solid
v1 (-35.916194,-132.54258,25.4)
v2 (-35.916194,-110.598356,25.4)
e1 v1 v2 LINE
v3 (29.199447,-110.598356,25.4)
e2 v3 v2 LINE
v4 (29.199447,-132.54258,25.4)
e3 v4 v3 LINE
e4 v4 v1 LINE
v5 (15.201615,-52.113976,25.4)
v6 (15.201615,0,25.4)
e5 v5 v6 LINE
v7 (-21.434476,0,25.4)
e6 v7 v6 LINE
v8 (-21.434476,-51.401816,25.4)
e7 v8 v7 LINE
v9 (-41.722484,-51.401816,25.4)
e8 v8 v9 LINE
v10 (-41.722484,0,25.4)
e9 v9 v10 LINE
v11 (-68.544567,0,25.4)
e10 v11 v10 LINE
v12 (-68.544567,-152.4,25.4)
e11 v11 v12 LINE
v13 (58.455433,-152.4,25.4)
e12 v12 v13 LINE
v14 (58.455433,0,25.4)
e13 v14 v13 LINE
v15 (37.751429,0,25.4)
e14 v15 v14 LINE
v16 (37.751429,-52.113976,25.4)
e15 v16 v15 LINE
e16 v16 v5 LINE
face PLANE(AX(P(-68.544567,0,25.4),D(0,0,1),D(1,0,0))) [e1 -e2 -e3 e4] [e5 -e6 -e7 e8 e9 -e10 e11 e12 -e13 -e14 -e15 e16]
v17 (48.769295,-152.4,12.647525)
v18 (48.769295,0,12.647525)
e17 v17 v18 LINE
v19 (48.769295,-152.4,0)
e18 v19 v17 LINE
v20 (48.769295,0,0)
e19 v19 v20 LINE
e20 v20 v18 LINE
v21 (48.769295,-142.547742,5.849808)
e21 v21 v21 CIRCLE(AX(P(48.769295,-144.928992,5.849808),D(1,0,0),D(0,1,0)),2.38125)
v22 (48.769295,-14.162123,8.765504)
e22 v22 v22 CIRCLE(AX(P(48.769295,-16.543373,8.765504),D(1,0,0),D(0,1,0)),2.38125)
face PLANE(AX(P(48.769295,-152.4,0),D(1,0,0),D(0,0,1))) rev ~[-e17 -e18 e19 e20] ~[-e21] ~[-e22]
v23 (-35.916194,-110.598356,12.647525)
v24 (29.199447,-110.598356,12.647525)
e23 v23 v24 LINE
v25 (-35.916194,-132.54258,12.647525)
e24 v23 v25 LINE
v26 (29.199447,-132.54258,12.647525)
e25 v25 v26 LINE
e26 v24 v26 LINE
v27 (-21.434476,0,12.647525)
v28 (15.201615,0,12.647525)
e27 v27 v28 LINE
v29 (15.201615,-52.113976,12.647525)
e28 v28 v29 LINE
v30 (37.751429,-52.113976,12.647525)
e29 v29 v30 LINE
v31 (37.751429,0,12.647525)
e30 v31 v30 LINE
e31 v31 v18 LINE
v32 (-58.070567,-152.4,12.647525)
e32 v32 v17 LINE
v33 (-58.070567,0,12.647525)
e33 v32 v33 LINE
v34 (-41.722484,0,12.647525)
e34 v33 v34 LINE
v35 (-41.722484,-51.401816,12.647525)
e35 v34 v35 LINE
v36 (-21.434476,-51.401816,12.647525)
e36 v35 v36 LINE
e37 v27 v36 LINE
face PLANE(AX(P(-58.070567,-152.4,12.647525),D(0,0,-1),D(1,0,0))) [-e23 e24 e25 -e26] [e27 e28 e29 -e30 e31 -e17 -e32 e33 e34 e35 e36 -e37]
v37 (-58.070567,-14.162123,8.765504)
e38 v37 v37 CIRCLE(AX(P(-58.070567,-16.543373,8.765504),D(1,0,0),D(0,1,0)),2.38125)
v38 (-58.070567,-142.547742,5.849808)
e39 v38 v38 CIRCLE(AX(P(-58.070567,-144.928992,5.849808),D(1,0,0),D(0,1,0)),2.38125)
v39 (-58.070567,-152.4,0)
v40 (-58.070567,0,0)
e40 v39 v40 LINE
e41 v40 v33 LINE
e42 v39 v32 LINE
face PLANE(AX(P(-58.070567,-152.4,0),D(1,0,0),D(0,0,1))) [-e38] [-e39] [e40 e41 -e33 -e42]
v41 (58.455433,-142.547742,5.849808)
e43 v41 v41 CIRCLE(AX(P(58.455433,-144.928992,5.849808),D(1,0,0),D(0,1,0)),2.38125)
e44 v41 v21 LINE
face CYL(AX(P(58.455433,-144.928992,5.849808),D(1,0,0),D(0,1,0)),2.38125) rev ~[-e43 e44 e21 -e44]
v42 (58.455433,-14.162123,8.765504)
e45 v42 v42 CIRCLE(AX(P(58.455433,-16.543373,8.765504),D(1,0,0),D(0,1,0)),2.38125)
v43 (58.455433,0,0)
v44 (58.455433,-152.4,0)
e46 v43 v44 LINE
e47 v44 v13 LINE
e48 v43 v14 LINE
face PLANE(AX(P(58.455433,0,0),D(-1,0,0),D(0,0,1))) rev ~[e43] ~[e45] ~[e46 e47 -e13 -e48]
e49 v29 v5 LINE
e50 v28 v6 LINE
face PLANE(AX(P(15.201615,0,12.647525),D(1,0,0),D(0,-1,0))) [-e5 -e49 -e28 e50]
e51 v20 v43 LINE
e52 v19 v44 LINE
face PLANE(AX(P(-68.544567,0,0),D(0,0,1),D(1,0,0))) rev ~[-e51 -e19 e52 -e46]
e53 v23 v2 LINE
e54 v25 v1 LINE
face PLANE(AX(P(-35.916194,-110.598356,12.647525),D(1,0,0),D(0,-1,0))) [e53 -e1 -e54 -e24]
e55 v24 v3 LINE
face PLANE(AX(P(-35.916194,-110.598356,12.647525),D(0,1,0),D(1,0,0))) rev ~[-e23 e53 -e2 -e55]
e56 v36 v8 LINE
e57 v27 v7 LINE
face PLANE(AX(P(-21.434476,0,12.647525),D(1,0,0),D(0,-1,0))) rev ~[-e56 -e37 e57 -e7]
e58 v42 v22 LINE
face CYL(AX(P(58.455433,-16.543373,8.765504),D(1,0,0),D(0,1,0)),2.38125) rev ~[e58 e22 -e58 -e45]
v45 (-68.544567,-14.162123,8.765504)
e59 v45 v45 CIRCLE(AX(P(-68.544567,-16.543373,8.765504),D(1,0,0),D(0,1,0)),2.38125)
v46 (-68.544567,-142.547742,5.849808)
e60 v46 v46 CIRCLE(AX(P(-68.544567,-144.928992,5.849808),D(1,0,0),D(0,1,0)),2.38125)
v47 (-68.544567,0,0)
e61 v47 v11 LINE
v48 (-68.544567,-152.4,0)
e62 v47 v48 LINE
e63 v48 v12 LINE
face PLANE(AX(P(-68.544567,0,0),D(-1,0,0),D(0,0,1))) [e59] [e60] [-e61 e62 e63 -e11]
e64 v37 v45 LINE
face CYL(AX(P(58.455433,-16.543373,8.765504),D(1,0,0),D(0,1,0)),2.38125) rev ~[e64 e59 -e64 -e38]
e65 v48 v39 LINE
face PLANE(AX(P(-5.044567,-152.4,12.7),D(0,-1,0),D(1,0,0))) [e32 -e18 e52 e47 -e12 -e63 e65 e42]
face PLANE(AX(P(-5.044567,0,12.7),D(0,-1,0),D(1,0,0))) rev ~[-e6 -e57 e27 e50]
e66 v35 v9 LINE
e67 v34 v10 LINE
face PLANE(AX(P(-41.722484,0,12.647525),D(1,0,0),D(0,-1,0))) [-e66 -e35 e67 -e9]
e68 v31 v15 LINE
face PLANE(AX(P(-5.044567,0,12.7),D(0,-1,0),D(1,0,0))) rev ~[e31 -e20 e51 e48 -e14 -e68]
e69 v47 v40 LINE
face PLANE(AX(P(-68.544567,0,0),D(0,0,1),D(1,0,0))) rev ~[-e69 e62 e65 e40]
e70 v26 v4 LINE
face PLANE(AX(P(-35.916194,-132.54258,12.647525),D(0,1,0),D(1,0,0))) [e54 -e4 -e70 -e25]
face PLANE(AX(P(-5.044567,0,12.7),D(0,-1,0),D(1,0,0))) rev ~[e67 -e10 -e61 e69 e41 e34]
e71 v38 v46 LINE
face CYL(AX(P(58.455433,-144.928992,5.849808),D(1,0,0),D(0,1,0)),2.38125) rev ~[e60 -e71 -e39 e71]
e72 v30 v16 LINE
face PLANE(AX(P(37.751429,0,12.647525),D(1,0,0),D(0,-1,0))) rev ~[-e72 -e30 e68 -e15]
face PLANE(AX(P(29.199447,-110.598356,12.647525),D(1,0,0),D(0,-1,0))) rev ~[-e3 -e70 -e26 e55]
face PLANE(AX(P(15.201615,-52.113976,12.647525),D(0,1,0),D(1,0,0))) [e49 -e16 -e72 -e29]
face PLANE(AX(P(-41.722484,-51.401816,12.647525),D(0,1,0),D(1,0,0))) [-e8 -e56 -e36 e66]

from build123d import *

# Parameters (mm, degrees)
F0_W      = 127
F0_H      = 25.4
F1_DEPTH  = 152.4
F2_W      = 106.8398617208
F2_H      = 12.6475254074
F3_DEPTH  = 152.401
F4_R      = 2.38125
F5_DEPTH  = 127.001
F6_R      = 2.38125
F7_DEPTH  = 127.001
F8_W      = 22.5498136133
F8_H      = 52.1139763296
F9_DEPTH  = 12.7534745926
F10_W     = 20.2880082652
F10_H     = 51.4018163085
F11_DEPTH = 12.7534745926
F12_W     = 65.1156418025
F12_H     = 21.9442248344
F13_DEPTH = 12.7534745926


with BuildPart() as f1:
    # F0 (on Front) → F1 (new body)
    with BuildSketch(Plane.XZ):
        with Locations((-5.044566528, 12.7)):
            Rectangle(F0_W, F0_H)
    extrude(amount=F1_DEPTH)

    # F2 (on face) → F3 (cut, through all)
    with BuildSketch(Plane.XZ.offset(152.4)):
        with Locations((-4.6506356448, 6.3237627037)):
            Rectangle(F2_W, F2_H)
    extrude(amount=-F3_DEPTH, mode=Mode.SUBTRACT)

    # F4 (on face) → F5 (cut, through all)
    with BuildSketch(Plane.YZ.offset(58.455433472)):
        with Locations((-16.5433734655, 8.7655037642)):
            Circle(F4_R)
    extrude(amount=-F5_DEPTH, mode=Mode.SUBTRACT)

    # F6 (on face) → F7 (cut, through all)
    with BuildSketch(Plane.YZ.offset(58.455433472)):
        with Locations((-144.9289917946, 5.8498084545)):
            Circle(F6_R)
    extrude(amount=-F7_DEPTH, mode=Mode.SUBTRACT)

    # F8 (on face) → F9 (cut, through all)
    with BuildSketch(Plane(origin=(0, 0, 12.6475254074), x_dir=(1, 0, 0), z_dir=(0, 0, -1))):
        with Locations((26.4765219763, 26.0569881648)):
            Rectangle(F8_W, F8_H)
    extrude(amount=-F9_DEPTH, mode=Mode.SUBTRACT)

    # F10 (on face) → F11 (cut, through all)
    with BuildSketch(Plane(origin=(0, 0, 12.6475254074), x_dir=(1, 0, 0), z_dir=(0, 0, -1))):
        with Locations((-31.5784798004, 25.7009081542)):
            Rectangle(F10_W, F10_H)
    extrude(amount=-F11_DEPTH, mode=Mode.SUBTRACT)

    # F12 (on face) → F13 (cut, through all)
    with BuildSketch(Plane(origin=(0, 0, 12.6475254074), x_dir=(1, 0, 0), z_dir=(0, 0, -1))):
        with Locations((-3.3583734185, 121.5704679489)):
            Rectangle(F12_W, F12_H)
    extrude(amount=-F13_DEPTH, mode=Mode.SUBTRACT)


solid = f1.part
